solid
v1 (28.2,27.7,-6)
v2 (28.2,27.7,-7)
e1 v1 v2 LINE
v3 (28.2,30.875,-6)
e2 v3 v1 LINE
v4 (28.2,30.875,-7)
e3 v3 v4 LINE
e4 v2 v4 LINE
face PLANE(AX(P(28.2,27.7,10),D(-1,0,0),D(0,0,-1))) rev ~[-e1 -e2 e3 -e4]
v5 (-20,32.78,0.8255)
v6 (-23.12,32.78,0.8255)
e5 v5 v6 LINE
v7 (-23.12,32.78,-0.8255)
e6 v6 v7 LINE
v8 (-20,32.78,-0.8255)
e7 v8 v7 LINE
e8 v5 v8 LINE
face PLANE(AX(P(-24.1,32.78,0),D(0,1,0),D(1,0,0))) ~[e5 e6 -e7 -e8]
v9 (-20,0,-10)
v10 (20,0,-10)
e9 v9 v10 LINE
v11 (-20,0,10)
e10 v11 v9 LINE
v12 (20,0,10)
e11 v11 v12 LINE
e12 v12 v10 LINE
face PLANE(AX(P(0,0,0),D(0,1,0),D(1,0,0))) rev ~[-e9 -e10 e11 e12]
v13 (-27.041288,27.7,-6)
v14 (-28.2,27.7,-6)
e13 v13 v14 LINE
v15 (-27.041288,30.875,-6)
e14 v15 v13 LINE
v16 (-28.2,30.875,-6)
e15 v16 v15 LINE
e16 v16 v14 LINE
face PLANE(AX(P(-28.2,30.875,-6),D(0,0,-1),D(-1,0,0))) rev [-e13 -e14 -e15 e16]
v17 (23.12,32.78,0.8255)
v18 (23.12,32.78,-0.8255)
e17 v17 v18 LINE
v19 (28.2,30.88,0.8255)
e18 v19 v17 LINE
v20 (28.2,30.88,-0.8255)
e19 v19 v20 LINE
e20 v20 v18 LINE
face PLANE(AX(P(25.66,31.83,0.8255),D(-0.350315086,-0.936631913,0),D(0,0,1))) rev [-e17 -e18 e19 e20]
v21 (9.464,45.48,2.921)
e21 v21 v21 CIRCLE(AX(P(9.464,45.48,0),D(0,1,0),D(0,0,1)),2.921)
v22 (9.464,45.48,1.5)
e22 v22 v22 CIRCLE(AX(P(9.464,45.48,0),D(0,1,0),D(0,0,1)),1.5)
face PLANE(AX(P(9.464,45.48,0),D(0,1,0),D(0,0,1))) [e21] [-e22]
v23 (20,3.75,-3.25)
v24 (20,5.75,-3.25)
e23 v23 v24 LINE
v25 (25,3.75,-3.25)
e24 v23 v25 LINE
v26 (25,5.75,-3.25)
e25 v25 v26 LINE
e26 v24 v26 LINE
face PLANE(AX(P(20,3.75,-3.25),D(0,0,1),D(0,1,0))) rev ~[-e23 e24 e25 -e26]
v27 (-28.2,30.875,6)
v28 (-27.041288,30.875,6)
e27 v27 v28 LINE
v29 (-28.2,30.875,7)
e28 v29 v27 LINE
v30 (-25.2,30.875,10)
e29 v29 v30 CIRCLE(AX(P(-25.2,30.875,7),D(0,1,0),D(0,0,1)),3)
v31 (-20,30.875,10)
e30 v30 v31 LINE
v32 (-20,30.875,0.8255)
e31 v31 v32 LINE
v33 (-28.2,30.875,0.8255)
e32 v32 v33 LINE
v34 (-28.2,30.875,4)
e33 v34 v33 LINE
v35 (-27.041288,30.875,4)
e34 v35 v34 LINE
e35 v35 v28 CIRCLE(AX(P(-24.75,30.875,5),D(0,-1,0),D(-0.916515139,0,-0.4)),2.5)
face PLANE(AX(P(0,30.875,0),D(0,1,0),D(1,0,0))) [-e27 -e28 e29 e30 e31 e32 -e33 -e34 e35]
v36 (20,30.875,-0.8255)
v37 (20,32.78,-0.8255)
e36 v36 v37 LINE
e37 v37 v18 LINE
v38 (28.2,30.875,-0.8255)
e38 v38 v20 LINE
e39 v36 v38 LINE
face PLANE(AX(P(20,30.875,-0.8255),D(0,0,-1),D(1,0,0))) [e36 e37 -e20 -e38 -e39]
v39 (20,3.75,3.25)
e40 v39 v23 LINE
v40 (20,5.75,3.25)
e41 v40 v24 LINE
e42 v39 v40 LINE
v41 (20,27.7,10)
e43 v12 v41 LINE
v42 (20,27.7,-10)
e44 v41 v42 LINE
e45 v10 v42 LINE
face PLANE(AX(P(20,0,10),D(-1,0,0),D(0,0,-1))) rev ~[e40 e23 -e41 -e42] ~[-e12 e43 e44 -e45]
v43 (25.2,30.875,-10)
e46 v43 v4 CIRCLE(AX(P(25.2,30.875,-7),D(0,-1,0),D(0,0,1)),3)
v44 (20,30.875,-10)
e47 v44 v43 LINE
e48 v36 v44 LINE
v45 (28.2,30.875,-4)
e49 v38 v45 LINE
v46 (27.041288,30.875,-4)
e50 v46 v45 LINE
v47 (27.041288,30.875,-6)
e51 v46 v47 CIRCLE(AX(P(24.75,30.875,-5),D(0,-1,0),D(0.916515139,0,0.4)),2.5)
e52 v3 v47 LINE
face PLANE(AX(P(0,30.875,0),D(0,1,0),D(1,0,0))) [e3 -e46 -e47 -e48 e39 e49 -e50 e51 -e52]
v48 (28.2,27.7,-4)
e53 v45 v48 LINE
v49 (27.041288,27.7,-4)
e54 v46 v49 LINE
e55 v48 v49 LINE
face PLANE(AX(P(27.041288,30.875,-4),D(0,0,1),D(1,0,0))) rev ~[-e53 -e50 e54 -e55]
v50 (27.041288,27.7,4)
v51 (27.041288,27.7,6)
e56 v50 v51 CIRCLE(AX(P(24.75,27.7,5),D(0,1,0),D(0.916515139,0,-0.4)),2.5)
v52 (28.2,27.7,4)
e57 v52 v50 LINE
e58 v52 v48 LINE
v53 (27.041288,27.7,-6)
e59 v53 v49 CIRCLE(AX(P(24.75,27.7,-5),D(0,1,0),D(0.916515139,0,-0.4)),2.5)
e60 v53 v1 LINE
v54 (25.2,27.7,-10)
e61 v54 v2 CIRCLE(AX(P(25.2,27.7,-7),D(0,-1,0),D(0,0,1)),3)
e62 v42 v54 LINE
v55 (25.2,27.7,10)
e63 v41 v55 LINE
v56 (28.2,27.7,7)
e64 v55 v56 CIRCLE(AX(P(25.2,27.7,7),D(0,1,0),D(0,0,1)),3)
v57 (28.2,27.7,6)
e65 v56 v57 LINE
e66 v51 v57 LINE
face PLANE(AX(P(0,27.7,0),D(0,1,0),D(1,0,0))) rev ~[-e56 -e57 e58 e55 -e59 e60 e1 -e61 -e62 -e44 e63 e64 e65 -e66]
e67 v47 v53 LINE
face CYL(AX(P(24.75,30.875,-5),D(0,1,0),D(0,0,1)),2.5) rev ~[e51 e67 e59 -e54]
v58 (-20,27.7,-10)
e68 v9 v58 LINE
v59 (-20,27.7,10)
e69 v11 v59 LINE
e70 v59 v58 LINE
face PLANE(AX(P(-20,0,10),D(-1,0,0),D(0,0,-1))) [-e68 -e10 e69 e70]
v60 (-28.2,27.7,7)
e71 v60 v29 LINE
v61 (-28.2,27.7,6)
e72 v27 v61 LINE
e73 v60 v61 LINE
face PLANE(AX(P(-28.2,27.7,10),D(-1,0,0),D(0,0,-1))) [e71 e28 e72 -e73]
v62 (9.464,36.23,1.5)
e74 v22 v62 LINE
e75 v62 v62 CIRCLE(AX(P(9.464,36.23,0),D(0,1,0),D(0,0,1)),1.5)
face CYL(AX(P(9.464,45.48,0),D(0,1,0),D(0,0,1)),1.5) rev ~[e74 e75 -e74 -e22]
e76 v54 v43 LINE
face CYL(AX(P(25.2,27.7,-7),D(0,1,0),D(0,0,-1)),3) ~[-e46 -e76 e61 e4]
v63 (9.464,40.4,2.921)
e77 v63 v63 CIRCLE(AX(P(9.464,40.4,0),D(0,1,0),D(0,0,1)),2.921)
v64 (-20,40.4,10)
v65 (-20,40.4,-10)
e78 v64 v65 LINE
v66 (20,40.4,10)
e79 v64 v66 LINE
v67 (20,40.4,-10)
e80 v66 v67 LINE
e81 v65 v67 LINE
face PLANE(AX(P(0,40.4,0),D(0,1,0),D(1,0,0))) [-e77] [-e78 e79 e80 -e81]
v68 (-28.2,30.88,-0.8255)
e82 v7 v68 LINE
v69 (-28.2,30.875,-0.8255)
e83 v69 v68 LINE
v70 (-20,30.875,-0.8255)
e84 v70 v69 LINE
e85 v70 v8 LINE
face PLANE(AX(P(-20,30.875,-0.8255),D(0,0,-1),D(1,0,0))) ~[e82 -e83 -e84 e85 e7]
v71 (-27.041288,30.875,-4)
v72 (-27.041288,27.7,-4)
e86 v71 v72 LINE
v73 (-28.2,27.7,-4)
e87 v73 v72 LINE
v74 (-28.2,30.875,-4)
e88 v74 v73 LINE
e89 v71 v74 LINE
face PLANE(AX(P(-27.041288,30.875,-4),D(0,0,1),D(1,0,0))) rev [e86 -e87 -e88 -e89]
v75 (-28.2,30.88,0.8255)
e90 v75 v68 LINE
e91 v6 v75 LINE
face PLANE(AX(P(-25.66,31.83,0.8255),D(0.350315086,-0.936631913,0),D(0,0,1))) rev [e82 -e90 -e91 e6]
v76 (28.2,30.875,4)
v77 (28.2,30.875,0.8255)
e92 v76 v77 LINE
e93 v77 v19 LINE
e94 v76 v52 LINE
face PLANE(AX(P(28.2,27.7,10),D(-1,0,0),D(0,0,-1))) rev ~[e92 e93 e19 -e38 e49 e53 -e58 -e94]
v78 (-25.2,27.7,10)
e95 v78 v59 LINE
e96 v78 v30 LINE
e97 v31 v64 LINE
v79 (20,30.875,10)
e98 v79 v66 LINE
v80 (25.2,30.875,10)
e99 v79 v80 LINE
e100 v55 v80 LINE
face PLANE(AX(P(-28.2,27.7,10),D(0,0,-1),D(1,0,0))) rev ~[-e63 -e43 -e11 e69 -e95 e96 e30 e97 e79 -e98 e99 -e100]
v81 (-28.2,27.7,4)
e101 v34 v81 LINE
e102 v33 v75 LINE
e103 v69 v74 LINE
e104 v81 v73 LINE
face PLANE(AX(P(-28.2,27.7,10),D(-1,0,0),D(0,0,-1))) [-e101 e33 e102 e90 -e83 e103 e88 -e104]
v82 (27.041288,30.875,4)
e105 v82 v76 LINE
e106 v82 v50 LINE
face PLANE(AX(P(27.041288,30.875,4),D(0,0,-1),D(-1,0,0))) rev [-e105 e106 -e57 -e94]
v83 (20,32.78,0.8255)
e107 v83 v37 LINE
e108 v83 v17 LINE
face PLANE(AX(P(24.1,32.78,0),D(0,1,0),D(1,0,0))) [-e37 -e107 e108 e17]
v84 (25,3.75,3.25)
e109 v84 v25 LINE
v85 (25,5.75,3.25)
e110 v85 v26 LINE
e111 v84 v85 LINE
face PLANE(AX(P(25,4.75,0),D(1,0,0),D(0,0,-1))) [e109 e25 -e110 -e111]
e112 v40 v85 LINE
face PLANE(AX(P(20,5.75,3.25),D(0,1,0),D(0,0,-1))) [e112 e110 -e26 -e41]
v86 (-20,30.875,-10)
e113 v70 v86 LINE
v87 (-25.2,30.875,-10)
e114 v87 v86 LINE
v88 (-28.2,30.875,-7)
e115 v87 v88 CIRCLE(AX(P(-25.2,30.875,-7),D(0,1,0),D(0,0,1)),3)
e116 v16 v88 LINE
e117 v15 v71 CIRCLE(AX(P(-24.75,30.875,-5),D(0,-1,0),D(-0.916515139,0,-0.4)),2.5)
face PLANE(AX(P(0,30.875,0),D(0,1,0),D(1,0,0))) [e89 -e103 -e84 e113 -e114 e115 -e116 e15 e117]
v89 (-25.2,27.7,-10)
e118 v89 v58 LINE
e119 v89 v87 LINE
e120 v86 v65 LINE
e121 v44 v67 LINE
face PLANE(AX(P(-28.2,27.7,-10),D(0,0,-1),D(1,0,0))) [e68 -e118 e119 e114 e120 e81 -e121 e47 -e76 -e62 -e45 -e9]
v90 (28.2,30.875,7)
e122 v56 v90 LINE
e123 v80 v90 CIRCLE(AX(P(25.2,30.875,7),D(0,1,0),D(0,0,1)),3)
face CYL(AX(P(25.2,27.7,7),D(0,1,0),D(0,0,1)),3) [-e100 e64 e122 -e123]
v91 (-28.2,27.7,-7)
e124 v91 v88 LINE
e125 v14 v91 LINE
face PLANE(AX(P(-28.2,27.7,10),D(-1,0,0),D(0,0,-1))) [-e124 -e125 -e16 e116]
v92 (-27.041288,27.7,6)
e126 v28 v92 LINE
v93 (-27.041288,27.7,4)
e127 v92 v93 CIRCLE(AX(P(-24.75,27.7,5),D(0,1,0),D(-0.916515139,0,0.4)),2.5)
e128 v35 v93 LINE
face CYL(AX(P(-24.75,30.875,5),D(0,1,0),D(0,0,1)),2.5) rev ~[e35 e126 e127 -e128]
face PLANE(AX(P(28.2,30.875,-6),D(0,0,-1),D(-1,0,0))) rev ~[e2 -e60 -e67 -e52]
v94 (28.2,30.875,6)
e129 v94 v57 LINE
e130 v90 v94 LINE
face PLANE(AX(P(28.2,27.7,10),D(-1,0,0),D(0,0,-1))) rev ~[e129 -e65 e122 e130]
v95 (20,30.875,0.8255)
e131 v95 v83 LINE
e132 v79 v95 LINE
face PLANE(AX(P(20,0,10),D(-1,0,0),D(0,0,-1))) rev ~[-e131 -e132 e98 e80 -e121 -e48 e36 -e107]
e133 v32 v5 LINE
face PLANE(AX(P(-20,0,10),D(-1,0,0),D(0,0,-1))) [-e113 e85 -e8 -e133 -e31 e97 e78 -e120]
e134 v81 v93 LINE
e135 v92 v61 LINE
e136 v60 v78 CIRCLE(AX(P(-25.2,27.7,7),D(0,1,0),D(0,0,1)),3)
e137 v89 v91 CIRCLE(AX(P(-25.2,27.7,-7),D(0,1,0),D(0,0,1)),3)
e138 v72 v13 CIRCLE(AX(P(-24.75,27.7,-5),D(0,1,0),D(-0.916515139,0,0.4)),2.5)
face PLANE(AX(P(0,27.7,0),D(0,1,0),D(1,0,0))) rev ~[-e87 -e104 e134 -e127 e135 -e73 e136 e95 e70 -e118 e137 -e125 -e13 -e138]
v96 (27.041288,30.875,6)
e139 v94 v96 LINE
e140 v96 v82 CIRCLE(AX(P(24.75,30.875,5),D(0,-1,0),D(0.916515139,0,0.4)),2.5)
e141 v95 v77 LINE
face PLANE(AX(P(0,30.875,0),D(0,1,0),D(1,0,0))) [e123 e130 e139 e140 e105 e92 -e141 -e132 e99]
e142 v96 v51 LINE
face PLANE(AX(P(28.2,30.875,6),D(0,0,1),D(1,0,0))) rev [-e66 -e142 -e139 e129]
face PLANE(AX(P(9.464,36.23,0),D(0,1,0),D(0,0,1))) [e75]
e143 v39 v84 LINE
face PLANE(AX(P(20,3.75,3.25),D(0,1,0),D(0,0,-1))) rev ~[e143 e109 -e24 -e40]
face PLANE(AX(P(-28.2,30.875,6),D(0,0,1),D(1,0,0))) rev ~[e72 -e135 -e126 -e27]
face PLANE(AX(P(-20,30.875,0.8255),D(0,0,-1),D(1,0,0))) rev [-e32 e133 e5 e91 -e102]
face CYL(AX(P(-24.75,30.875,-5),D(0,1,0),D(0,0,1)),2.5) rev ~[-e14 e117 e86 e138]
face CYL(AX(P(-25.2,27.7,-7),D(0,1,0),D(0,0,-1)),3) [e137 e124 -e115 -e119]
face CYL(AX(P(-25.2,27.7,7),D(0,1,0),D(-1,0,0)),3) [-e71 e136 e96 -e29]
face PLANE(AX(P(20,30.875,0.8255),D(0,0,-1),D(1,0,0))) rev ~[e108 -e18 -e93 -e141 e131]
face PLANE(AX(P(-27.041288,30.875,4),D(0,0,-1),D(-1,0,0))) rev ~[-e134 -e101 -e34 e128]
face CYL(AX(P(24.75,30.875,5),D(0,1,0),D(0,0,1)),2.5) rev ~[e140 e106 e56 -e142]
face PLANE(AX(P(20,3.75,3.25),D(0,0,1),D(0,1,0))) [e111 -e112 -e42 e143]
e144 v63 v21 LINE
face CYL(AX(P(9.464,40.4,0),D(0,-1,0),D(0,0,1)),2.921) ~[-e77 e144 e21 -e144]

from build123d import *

# Parameters (mm, degrees)
SKETCH1_W            = 40
SKETCH1_H            = 20
BOSS_EXTRUDE1_DEPTH  = 40.4
SKETCH2_W            = 56.4
SKETCH2_H            = 20
BOSS_EXTRUDE2_DEPTH  = 3.175
CUT_EXTRUDE1_REACH   = 44.994
SKETCH3_R            = 2.5
CUT_EXTRUDE2_REACH   = 44.994
MIRROR2_COPY_1_REACH = 44.994
FILLET1_R            = 3
SKETCH5_W            = 6.5
SKETCH5_H            = 2
BOSS_EXTRUDE3_DEPTH  = 5
SKETCH6_R            = 2.921
BOSS_EXTRUDE4_DEPTH  = 5.08
SKETCH7_W            = 8.2
SKETCH7_H            = 1.651
BOSS_EXTRUDE5_DEPTH  = 1.905
CHAMFER1_SIZE        = 1.9
CHAMFER1_SIZE2       = 5.08
CHAMFER2_SIZE        = 5.08
CHAMFER2_SIZE2       = 1.9
SKETCH8_R            = 1.5
CUT_EXTRUDE3_DEPTH   = 9.25


with BuildPart() as part:
    # Sketch1 → Boss-Extrude1 (new body)
    with BuildSketch(Plane(origin=(0, 0, 0), x_dir=(1, 0, 0), z_dir=(0, 1, 0))):
        Rectangle(SKETCH1_W, SKETCH1_H)
    extrude(amount=BOSS_EXTRUDE1_DEPTH)

    # Sketch2 → Boss-Extrude2 (add)
    with BuildSketch(Plane(origin=(0, 27.7, 0), x_dir=(1, 0, 0), z_dir=(0, 1, 0))):
        Rectangle(SKETCH2_W, SKETCH2_H)
    extrude(amount=BOSS_EXTRUDE2_DEPTH)

    # Sketch3 → Cut-Extrude1 (cut, up to next)
    with BuildSketch(Plane(origin=(0, 30.875, 0), x_dir=(1, 0, 0), z_dir=(0, 1, 0)), mode=Mode.PRIVATE) as cut_extrude1_sk1:
        with Locations(Location((-24.75, 5, 0), (0, 0, 270))):
            Circle(SKETCH3_R)
    cut_extrude1_tool1 = extrude(cut_extrude1_sk1.sketch, amount=-CUT_EXTRUDE1_REACH, mode=Mode.PRIVATE) & part.part
    # Sketch3 → Cut-Extrude1 (cut, up to next)
    with BuildSketch(Plane(origin=(0, 30.875, 0), x_dir=(1, 0, 0), z_dir=(0, 1, 0)), mode=Mode.PRIVATE) as cut_extrude1_sk2:
        with Locations(Location((-24.75, -5, 0), (0, 0, 270))):
            Circle(SKETCH3_R)
    cut_extrude1_tool2 = extrude(cut_extrude1_sk2.sketch, amount=-CUT_EXTRUDE1_REACH, mode=Mode.PRIVATE) & part.part
    # Sketch3 → Cut-Extrude1 (cut, up to next)
    with BuildSketch(Plane(origin=(0, 30.875, 0), x_dir=(1, 0, 0), z_dir=(0, 1, 0)), mode=Mode.PRIVATE) as cut_extrude1_sk3:
        with Locations(Location((24.75, 5, 0), (0, 0, 270))):
            Circle(SKETCH3_R)
    cut_extrude1_tool3 = extrude(cut_extrude1_sk3.sketch, amount=-CUT_EXTRUDE1_REACH, mode=Mode.PRIVATE) & part.part
    # Sketch3 → Cut-Extrude1 (cut, up to next)
    with BuildSketch(Plane(origin=(0, 30.875, 0), x_dir=(1, 0, 0), z_dir=(0, 1, 0)), mode=Mode.PRIVATE) as cut_extrude1_sk4:
        with Locations(Location((24.75, -5, 0), (0, 0, 270))):
            Circle(SKETCH3_R)
    cut_extrude1_tool4 = extrude(cut_extrude1_sk4.sketch, amount=-CUT_EXTRUDE1_REACH, mode=Mode.PRIVATE) & part.part
    add(cut_extrude1_tool1.solids().sort_by_distance((-24.75, 30.875, -5))[0], mode=Mode.SUBTRACT)
    add(cut_extrude1_tool2.solids().sort_by_distance((-24.75, 30.875, 5))[0], mode=Mode.SUBTRACT)
    add(cut_extrude1_tool3.solids().sort_by_distance((24.75, 30.875, -5))[0], mode=Mode.SUBTRACT)
    add(cut_extrude1_tool4.solids().sort_by_distance((24.75, 30.875, 5))[0], mode=Mode.SUBTRACT)

    # Sketch4 → Cut-Extrude2 (cut, up to next)
    with BuildSketch(Plane(origin=(0, 30.875, 0), x_dir=(1, 0, 0), z_dir=(0, 1, 0)), mode=Mode.PRIVATE) as cut_extrude2_sk1:
        with BuildLine():
            Line((-27.041287847, -4), (-28.2, -4))
            Line((-28.2, -4), (-28.2, -6))
            Line((-28.2, -6), (-27.041287847, -6))
            ThreePointArc((-27.041287847, -6), (-27.25, -5), (-27.041287847, -4))
        make_face()
    cut_extrude2_tool1 = extrude(cut_extrude2_sk1.sketch, amount=-CUT_EXTRUDE2_REACH, mode=Mode.PRIVATE) & part.part
    cut_extrude2 = cut_extrude2_tool1.solids().sort_by_distance((-27.68894, 30.875, 5))[0]
    add(cut_extrude2, mode=Mode.SUBTRACT)

    # Mirror1: Cut-Extrude2 across plane
    add(cut_extrude2.mirror(Plane(origin=(0, 0, 0), x_dir=(0, 0, 1), z_dir=(1, 0, 0))), mode=Mode.SUBTRACT)

    # Mirror2: Cut-Extrude2 across plane
    add(cut_extrude2.mirror(Plane.XY), mode=Mode.SUBTRACT)

    # Mirror2 copy 1 sketch → Mirror2 copy 1 (cut, up to next)
    with BuildSketch(Plane(origin=(0, 30.875, 0), x_dir=(-1, 0, 0), z_dir=(0, 1, 0)), mode=Mode.PRIVATE) as mirror2_copy_1_sk1:
        with BuildLine():
            Line((-27.041287847, -4), (-28.2, -4))
            Line((-28.2, -4), (-28.2, -6))
            Line((-28.2, -6), (-27.041287847, -6))
            ThreePointArc((-27.041287847, -6), (-27.25, -5), (-27.041287847, -4))
        make_face()
    mirror2_copy_1_tool1 = extrude(mirror2_copy_1_sk1.sketch, amount=-MIRROR2_COPY_1_REACH, mode=Mode.PRIVATE) & part.part
    add(mirror2_copy_1_tool1.solids().sort_by_distance((27.68894, 30.875, -5))[0], mode=Mode.SUBTRACT)

    # Fillet1
    fillet1_edges = [part.edges().sort_by_distance(p)[0] for p in [
        (28.2, 29.2875, -10),
        (-28.2, 29.2875, 10),
        (28.2, 29.2875, 10),
        (-28.2, 29.2875, -10),
    ]]
    fillet(fillet1_edges, radius=FILLET1_R)

    # Sketch5 → Boss-Extrude3 (add)
    with BuildSketch(Plane(origin=(20, 0, 0), x_dir=(0, 0, -1), z_dir=(1, 0, 0))):
        with Locations((0, 4.75)):
            Rectangle(SKETCH5_W, SKETCH5_H)
    extrude(amount=BOSS_EXTRUDE3_DEPTH)

    # Sketch6 → Boss-Extrude4 (add)
    with BuildSketch(Plane(origin=(0, 40.4, 0), x_dir=(1, 0, 0), z_dir=(0, 1, 0))):
        with Locations(Location((9.464, 0, 0), (0, 0, 270))):
            Circle(SKETCH6_R)
    extrude(amount=BOSS_EXTRUDE4_DEPTH)

    # Sketch7 → Boss-Extrude5 (add)
    with BuildSketch(Plane(origin=(0, 30.875, 0), x_dir=(1, 0, 0), z_dir=(0, 1, 0))):
        with Locations((24.1, 0)):
            Rectangle(SKETCH7_W, SKETCH7_H)
    boss_extrude5 = extrude(amount=BOSS_EXTRUDE5_DEPTH)

    # Chamfer1
    chamfer1_edges = [part.edges().sort_by_distance(p)[0] for p in [
        (28.2, 32.78, 0),
    ]]
    chamfer1_side = [part.faces().sort_by_distance(p)[0] for p in [
        (28.2, 29.567361633, 0),
    ]]
    chamfer(chamfer1_edges, length=CHAMFER1_SIZE, length2=CHAMFER1_SIZE2, reference=chamfer1_side[0])

    # Mirror3: Boss-Extrude5 across plane
    add(boss_extrude5.mirror(Plane(origin=(0, 0, 0), x_dir=(0, 0, 1), z_dir=(1, 0, 0))))

    # Chamfer2
    chamfer2_edges = [part.edges().sort_by_distance(p)[0] for p in [
        (-28.2, 32.78, 0),
    ]]
    chamfer2_side = [part.faces().sort_by_distance(p)[0] for p in [
        (-24.1, 32.78, 0),
    ]]
    chamfer(chamfer2_edges, length=CHAMFER2_SIZE, length2=CHAMFER2_SIZE2, reference=chamfer2_side[0])

    # Sketch8 → Cut-Extrude3 (cut)
    with BuildSketch(Plane(origin=(0, 45.48, 0), x_dir=(1, 0, 0), z_dir=(0, 1, 0))):
        with Locations(Location((9.464, 0, 0), (0, 0, 270))):
            Circle(SKETCH8_R)
    extrude(amount=-CUT_EXTRUDE3_DEPTH, mode=Mode.SUBTRACT)


solid = part.part
